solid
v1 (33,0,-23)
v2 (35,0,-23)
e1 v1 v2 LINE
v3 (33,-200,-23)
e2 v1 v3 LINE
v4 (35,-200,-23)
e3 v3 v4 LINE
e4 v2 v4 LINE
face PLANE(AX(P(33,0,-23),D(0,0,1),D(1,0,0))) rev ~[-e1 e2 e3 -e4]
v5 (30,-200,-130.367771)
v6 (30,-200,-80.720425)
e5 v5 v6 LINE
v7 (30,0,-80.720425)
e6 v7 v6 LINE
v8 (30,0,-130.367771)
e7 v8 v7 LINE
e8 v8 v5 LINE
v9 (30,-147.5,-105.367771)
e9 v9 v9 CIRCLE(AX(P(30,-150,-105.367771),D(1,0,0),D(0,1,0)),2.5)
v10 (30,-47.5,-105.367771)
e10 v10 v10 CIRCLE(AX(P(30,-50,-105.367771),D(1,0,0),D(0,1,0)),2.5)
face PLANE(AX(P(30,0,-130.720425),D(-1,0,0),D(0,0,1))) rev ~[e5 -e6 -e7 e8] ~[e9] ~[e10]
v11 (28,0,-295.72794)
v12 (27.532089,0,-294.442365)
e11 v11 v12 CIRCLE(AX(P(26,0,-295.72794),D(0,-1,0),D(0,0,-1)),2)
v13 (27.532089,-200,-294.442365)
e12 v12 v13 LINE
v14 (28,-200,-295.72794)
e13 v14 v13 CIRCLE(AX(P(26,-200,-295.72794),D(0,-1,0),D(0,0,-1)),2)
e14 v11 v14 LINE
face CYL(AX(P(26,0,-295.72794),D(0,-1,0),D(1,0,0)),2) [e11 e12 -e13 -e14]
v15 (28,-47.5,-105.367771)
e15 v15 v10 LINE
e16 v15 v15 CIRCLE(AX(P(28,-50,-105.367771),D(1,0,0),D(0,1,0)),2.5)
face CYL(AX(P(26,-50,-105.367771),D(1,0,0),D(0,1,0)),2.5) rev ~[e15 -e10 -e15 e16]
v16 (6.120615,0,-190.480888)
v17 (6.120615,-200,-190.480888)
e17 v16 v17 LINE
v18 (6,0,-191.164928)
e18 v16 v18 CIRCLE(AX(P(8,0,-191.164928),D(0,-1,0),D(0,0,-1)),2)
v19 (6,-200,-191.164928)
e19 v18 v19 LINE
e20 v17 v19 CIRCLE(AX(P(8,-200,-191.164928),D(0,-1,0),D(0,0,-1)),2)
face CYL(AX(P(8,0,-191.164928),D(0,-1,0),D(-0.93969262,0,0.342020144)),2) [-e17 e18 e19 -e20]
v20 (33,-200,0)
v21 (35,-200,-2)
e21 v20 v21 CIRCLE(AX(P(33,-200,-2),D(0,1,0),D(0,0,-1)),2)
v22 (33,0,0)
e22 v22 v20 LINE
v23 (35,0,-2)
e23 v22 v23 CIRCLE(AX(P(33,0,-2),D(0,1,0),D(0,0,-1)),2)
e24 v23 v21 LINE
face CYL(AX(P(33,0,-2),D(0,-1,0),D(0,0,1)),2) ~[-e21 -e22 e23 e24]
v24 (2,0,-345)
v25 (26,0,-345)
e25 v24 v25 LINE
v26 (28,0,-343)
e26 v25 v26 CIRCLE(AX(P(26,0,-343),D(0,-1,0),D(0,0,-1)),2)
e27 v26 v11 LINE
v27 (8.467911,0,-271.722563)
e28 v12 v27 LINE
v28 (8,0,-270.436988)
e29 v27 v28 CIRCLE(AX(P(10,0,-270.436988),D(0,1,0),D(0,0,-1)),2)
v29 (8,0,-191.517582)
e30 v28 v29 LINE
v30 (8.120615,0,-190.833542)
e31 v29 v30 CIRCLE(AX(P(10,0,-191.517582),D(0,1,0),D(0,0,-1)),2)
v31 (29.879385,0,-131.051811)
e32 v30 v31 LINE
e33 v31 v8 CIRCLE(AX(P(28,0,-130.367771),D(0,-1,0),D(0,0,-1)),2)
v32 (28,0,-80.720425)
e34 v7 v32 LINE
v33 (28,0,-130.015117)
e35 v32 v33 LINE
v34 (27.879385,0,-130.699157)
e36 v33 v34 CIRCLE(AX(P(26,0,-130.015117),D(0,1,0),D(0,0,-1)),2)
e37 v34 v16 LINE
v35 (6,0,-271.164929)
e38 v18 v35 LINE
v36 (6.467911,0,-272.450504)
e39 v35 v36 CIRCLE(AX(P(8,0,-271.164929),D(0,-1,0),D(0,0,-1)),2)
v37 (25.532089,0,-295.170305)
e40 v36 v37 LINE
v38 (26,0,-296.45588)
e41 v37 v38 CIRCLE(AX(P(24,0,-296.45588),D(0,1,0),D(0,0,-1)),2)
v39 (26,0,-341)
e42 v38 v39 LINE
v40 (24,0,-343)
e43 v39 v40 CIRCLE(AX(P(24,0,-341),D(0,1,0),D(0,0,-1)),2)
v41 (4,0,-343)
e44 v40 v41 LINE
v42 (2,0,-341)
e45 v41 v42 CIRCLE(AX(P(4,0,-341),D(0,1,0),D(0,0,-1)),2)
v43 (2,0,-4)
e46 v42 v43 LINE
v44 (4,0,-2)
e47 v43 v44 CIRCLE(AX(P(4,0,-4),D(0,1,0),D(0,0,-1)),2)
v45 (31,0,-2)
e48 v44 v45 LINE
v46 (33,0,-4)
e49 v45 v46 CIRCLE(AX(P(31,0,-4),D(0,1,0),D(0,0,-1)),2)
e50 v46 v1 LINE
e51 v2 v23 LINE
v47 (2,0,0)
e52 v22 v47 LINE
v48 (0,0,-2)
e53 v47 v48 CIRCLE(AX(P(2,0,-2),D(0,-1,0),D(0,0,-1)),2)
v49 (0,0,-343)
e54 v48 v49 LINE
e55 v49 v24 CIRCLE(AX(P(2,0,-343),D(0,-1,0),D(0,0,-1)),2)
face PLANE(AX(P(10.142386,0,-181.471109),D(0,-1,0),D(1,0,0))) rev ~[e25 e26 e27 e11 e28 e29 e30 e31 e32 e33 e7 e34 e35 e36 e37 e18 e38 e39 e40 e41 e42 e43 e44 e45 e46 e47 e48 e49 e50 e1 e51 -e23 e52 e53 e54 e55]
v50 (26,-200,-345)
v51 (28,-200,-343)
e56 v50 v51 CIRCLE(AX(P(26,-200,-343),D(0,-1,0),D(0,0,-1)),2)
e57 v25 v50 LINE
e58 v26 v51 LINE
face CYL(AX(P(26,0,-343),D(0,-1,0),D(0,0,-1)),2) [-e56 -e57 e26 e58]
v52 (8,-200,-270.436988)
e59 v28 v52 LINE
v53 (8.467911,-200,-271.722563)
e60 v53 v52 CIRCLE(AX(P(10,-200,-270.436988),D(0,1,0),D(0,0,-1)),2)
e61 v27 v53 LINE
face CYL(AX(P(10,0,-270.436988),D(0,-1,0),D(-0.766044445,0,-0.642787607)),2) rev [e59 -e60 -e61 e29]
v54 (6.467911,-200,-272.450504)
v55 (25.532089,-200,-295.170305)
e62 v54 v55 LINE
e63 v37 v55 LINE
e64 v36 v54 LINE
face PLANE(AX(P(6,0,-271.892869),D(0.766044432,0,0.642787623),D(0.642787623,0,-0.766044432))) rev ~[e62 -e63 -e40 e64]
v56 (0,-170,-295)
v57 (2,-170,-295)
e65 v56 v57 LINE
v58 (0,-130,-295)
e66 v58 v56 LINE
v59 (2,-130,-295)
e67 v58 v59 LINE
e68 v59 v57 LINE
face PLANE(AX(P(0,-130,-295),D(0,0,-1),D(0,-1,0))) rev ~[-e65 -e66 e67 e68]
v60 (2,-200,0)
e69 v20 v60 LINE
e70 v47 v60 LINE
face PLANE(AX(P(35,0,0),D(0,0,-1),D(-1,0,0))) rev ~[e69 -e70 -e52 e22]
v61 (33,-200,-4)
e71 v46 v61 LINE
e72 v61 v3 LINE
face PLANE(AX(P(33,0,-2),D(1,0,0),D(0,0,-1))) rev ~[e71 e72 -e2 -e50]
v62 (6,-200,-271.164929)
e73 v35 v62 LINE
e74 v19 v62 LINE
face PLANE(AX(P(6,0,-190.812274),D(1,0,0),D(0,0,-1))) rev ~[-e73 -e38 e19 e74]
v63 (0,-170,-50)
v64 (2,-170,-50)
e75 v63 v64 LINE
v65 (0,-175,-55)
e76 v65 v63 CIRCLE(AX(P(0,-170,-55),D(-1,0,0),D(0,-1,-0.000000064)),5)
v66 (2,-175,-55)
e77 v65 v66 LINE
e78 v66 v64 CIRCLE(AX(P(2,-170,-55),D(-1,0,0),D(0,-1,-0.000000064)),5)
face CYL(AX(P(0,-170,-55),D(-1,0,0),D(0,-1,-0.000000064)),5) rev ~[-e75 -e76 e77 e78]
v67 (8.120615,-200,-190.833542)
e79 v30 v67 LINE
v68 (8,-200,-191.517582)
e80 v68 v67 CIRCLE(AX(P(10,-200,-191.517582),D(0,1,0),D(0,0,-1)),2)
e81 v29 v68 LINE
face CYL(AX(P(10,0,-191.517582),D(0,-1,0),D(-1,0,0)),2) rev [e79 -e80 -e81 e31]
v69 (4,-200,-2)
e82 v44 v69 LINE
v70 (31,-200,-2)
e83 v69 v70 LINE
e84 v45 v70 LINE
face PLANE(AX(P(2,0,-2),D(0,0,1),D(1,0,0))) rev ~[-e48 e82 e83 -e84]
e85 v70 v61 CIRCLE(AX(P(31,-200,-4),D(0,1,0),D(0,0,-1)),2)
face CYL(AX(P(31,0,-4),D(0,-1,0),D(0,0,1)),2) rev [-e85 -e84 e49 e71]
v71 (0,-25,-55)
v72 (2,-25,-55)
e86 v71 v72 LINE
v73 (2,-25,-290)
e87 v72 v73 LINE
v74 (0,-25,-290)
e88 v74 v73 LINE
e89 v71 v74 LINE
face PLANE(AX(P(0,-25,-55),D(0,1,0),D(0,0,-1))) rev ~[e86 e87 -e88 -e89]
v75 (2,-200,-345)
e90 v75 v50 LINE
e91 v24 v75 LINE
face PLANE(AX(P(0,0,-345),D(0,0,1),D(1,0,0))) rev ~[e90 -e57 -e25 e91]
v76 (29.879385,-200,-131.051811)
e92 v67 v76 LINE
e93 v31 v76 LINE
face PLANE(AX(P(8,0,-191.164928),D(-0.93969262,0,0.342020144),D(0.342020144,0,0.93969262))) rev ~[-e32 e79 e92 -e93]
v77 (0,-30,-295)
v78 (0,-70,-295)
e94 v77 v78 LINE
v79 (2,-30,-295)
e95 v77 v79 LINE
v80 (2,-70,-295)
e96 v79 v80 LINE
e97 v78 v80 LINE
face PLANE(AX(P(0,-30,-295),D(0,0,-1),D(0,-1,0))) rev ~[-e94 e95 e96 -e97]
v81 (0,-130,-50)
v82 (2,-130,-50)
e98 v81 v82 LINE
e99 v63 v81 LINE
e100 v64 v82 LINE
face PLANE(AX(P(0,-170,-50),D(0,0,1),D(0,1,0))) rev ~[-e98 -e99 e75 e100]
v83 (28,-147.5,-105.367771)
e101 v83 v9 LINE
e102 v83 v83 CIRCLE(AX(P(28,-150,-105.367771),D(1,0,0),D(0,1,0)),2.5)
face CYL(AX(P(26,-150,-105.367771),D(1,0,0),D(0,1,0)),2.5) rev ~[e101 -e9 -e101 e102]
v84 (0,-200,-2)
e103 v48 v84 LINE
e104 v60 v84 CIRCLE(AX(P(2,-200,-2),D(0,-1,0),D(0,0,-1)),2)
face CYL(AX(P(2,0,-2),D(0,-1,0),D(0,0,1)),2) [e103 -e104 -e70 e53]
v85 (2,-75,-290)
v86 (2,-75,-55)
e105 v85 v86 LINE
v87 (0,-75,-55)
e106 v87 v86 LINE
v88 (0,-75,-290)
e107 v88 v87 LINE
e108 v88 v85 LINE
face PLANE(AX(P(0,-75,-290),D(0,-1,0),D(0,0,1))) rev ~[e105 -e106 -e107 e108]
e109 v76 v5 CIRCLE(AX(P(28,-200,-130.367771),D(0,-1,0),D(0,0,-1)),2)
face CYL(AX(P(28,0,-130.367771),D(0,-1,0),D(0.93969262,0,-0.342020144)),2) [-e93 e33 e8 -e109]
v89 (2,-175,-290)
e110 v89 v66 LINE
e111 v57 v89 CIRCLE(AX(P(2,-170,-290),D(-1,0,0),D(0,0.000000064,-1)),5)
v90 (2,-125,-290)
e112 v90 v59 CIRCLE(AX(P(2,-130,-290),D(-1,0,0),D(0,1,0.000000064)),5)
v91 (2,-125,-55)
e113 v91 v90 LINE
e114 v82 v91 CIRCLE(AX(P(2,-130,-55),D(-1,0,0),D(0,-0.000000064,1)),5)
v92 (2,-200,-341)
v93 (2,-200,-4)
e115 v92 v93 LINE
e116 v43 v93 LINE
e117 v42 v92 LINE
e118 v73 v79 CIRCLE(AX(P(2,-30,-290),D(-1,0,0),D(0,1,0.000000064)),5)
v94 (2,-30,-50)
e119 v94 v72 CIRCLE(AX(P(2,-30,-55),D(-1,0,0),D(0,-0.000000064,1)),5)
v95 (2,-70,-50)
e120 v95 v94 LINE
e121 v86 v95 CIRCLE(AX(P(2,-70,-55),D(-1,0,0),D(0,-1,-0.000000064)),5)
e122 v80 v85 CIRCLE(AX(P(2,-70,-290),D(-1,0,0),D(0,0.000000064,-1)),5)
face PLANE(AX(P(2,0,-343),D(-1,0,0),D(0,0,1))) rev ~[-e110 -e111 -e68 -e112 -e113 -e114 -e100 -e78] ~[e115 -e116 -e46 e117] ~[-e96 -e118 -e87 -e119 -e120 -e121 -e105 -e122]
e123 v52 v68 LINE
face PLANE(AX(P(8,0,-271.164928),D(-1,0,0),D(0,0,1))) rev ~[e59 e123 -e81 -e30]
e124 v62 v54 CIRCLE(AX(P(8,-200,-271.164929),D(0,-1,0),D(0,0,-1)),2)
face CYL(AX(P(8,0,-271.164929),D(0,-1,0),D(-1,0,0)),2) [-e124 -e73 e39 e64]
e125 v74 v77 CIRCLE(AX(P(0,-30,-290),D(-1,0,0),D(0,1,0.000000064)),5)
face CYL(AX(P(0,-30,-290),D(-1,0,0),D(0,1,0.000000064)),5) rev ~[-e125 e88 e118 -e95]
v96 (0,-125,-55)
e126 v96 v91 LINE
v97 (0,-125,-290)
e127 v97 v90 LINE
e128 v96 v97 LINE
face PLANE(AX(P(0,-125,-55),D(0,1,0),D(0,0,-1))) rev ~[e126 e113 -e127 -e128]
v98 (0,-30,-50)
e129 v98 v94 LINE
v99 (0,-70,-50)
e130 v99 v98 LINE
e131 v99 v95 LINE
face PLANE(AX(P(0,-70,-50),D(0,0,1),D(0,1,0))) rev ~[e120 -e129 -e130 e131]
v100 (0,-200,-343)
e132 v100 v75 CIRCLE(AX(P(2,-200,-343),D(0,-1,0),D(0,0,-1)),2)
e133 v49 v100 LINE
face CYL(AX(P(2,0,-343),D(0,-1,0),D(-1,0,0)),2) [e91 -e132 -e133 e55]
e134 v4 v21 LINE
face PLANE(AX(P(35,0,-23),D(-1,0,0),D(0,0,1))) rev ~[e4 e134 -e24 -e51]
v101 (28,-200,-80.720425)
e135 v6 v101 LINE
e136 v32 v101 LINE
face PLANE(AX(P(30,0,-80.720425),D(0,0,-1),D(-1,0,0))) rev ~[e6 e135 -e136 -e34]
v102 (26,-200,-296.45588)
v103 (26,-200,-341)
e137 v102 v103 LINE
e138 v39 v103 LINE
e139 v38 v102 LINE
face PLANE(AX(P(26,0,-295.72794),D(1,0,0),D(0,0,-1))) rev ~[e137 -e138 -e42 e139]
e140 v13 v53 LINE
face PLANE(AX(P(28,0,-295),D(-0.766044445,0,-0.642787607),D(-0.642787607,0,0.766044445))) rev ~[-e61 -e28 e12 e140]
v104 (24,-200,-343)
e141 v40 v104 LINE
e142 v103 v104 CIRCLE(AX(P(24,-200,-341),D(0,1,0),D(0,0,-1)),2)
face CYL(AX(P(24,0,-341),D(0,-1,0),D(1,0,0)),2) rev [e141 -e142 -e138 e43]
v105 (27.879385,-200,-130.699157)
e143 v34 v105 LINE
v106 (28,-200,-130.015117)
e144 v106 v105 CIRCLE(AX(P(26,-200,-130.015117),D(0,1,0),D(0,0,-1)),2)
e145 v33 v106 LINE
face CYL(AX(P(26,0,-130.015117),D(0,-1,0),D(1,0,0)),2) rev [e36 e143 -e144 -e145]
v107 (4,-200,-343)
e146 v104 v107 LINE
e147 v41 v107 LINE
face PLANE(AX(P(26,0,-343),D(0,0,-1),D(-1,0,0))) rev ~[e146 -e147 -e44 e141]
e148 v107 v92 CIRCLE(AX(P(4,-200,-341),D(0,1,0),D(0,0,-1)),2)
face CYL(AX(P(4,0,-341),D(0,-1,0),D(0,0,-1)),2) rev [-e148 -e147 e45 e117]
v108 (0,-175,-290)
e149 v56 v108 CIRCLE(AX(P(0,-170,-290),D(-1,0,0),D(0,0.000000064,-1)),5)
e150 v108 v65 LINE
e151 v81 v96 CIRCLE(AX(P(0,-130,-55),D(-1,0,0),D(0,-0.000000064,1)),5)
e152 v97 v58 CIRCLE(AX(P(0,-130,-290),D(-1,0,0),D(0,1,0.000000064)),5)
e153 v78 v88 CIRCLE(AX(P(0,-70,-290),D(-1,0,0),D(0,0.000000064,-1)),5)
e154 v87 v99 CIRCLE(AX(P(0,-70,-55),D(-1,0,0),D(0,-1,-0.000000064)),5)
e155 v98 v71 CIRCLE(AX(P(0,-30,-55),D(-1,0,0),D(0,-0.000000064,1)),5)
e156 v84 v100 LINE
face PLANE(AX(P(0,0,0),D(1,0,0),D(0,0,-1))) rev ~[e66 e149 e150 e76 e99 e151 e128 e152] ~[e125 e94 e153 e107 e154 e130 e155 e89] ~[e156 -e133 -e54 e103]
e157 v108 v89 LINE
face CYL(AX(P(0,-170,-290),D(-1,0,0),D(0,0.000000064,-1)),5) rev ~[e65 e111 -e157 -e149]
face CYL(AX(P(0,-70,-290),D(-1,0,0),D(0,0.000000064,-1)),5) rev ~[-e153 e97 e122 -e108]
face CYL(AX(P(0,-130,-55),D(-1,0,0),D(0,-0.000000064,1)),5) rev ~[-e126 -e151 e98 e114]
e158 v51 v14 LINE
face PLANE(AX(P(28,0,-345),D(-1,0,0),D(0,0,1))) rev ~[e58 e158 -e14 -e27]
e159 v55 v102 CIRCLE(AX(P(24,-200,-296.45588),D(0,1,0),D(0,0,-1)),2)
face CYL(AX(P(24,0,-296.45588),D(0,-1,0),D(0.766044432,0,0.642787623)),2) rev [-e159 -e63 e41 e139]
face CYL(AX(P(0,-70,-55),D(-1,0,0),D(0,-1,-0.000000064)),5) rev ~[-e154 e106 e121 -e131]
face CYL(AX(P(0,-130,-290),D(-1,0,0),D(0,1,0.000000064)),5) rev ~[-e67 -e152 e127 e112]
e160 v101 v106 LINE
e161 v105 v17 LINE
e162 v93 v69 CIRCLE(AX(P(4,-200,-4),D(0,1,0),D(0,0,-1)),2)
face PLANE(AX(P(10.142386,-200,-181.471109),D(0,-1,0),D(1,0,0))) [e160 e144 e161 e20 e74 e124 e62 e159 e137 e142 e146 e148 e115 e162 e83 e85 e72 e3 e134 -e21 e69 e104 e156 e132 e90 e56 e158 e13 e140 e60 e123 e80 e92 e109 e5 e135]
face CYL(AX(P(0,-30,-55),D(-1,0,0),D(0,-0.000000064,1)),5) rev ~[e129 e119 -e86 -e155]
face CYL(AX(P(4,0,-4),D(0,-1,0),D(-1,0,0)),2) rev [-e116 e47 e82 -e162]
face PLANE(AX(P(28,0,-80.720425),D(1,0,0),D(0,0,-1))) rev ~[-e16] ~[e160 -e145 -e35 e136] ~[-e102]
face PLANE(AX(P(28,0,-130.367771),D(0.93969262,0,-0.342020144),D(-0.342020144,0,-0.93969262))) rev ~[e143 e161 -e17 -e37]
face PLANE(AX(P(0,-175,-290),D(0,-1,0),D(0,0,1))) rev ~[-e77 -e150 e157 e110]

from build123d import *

# Parameters (mm, degrees)
F1_DEPTH = 200
F2_R     = 2
F4_DEPTH = 2
F6_D     = 5
F6_DEPTH = 2


with BuildPart() as f1:
    # F0 (on Front) → F1 (new body)
    with BuildSketch(Plane.XZ):
        Polygon((35, 0), (0, 0), (0, -345), (28, -345), (28, -295), (8, -271.164928), (8, -191.164928), (30, -130.720425), (30, -80.720425), (28, -80.720425), (28, -130.367771), (6, -190.812274), (6, -271.892869), (26, -295.72794), (26, -343), (2, -343), (2, -2), (33, -2), (33, -23), (35, -23), align=None)
    extrude(amount=F1_DEPTH)

    # F2
    f2_edges = [f1.edges().sort_by_distance(p)[0] for p in [
        (0, -100, 0),
        (35, -100, 0),
        (33, -100, -2),
        (2, -100, -2),
        (0, -100, -345),
        (2, -100, -343),
        (28, -100, -345),
        (26, -100, -343),
        (26, -100, -295.72794),
        (28, -100, -295),
        (8, -100, -271.164928),
        (6, -100, -271.892869),
        (6, -100, -190.812274),
        (8, -100, -191.164928),
        (30, -100, -130.720425),
        (28, -100, -130.367771),
    ]]
    fillet(f2_edges, radius=F2_R)

    # F3 (on face) → F4 (cut)
    with BuildSketch(Plane(origin=(0, 0, 0), x_dir=(0, -1, 0), z_dir=(-1, 0, 0))):
        with BuildLine():
            Line((70, -50), (30, -50))
            ThreePointArc((30, -50), (26.464466, -51.464466), (25, -55))
            Line((25, -55), (25, -290))
            ThreePointArc((25, -290), (26.464466, -293.535534), (30, -295))
            Line((30, -295), (70, -295))
            ThreePointArc((70, -295), (73.535534, -293.535534), (75, -290))
            Line((75, -290), (75, -55))
            ThreePointArc((75, -55), (73.535534, -51.464466), (70, -50))
        make_face()
        with BuildLine():
            ThreePointArc((130, -50), (126.464466, -51.464466), (125, -55))
            Line((125, -55), (125, -290))
            ThreePointArc((125, -290), (126.464466, -293.535534), (130, -295))
            Line((130, -295), (170, -295))
            ThreePointArc((170, -295), (173.535534, -293.535534), (175, -290))
            Line((175, -290), (175, -55))
            ThreePointArc((175, -55), (173.535534, -51.464466), (170, -50))
            Line((170, -50), (130, -50))
        make_face()
    extrude(amount=-F4_DEPTH, mode=Mode.SUBTRACT)

    # F6
    with Locations(Plane(origin=(28, 0, 0), x_dir=(0, -1, 0), z_dir=(-1, 0, 0))):
        with Locations((50, -105.367771), (150, -105.367771)):
            Hole(F6_D / 2, depth=F6_DEPTH)


solid = f1.part
